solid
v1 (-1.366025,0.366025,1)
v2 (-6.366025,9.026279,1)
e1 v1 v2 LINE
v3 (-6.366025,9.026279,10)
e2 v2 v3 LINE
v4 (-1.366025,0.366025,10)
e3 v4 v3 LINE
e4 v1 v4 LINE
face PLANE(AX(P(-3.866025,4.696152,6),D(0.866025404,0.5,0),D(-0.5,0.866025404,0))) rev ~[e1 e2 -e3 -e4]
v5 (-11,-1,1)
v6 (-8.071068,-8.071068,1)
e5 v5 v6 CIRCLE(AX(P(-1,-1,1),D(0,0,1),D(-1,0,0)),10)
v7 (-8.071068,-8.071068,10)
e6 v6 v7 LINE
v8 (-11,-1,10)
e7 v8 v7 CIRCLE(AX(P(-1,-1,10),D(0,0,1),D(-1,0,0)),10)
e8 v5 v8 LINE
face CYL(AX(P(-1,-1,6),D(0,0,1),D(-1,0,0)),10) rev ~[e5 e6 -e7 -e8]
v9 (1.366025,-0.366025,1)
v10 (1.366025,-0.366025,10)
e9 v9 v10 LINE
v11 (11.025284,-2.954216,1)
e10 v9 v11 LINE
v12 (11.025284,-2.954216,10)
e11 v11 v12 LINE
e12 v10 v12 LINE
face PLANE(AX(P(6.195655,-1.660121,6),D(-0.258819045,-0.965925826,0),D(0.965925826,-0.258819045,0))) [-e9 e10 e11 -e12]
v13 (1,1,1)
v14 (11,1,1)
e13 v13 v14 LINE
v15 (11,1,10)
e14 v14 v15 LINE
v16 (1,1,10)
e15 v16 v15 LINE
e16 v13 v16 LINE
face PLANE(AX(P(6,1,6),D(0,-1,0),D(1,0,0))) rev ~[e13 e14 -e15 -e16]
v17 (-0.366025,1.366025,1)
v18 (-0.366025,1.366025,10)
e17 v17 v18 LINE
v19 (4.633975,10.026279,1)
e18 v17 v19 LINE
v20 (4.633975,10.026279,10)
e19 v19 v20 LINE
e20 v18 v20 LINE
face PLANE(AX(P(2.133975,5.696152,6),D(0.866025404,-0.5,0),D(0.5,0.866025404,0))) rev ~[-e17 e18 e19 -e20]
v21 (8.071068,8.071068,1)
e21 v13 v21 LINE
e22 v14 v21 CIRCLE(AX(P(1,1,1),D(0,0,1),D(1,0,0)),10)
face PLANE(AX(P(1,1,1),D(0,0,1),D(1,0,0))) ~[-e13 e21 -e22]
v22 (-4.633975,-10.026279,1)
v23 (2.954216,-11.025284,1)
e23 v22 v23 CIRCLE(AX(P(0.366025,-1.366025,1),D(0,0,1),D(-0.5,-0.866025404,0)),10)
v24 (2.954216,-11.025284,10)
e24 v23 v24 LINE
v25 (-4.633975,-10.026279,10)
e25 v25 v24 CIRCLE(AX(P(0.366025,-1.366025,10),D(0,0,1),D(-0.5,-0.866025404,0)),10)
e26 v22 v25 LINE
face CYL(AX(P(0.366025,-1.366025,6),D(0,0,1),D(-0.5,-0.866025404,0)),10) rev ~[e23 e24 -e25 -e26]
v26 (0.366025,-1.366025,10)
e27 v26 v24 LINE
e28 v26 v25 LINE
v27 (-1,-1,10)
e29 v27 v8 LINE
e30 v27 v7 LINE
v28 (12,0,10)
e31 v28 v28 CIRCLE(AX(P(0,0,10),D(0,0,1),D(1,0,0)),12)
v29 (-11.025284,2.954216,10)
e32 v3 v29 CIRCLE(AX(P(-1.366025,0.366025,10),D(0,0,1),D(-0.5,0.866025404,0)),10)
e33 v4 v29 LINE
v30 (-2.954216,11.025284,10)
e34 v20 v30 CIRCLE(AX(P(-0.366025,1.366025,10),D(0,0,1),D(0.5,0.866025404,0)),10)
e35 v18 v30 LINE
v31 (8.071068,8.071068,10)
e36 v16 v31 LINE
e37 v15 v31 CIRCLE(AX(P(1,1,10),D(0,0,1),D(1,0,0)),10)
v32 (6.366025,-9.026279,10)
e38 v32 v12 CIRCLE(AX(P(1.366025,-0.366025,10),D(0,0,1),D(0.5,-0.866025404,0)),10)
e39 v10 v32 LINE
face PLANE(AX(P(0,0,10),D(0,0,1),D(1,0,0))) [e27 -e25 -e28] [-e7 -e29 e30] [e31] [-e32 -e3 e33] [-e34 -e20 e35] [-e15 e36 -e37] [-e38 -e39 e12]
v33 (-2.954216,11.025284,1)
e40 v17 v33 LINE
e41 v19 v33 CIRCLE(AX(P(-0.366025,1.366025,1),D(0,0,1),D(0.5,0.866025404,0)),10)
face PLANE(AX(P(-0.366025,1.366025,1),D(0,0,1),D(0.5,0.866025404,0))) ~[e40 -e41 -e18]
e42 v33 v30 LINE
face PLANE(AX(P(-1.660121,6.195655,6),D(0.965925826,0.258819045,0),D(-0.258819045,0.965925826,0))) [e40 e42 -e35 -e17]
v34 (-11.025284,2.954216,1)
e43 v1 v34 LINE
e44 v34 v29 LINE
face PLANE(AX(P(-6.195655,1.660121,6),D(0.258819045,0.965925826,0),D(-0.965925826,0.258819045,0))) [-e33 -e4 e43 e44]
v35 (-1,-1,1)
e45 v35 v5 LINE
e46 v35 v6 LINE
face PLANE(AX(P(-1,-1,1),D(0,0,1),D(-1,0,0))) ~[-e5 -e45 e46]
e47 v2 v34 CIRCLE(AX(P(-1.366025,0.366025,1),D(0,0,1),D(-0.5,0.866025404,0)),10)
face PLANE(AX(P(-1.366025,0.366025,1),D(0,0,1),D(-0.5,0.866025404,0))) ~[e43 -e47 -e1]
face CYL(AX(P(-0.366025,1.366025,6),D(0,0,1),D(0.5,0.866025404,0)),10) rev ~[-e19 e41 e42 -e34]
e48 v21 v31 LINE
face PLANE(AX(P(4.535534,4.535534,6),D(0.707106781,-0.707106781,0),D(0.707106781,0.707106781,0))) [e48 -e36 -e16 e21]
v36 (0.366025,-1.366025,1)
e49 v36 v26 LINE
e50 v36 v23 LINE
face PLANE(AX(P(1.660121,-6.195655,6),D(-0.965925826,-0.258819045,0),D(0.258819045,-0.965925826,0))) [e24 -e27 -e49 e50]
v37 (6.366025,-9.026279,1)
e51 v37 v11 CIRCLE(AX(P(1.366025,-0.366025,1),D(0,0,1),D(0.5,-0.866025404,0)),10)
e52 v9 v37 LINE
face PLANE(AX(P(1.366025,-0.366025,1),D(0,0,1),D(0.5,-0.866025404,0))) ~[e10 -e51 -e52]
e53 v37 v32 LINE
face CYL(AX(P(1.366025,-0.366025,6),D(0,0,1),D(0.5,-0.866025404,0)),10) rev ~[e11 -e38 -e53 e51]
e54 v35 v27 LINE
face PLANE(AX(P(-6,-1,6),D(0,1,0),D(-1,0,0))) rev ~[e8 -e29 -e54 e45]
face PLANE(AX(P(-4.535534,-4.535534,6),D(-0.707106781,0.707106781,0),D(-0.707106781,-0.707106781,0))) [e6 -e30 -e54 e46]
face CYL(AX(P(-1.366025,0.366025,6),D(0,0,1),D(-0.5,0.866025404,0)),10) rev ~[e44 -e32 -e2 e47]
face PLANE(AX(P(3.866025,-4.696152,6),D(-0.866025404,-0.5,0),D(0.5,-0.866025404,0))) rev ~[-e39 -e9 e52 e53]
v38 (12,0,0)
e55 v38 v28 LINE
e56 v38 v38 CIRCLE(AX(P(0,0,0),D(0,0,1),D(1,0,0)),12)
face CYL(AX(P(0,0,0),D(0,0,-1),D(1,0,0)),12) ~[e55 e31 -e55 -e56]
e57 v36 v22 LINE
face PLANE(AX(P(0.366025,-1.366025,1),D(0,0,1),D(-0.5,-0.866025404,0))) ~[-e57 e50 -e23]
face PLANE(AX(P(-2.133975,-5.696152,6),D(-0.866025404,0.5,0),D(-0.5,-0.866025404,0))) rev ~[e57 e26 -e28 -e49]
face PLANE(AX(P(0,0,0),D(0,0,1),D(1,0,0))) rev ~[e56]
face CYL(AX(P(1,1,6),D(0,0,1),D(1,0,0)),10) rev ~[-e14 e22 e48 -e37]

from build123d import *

# Parameters (mm, degrees)
CYLINDER001_W     = 10
CYLINDER001_H     = 10
CYLINDER001_ANGLE = 45
ARRAY_COUNT       = 6
CYLINDER_R        = 12
CYLINDER_DEPTH    = 10


with BuildPart() as array:
    # Cylinder001 → Cylinder001 (revolve)
    with BuildSketch(Plane(origin=(1, 1, 1), x_dir=(1, 0, 0), z_dir=(0, -1, 0))):
        with Locations((5, 5)):
            Rectangle(CYLINDER001_W, CYLINDER001_H)
    revolve(axis=Axis((1, 1, 1), (0, 0, 1)), revolution_arc=CYLINDER001_ANGLE)

    # Array: Array ×6 about axis
    array_axis = Axis((0, 0, 0), (0, 0, 1))


with BuildPart() as array_1:
    add(array.part)
    for i in range(1, ARRAY_COUNT):
        add(array.part.rotate(array_axis, i * 360 / ARRAY_COUNT))


with BuildPart() as cut:
    # Cylinder → Cylinder (new body)
    with BuildSketch(Plane.XY):
        Circle(CYLINDER_R)
    extrude(amount=CYLINDER_DEPTH)

    # Cut: cut Array
    add(array_1.part, mode=Mode.SUBTRACT)


solid = cut.part
